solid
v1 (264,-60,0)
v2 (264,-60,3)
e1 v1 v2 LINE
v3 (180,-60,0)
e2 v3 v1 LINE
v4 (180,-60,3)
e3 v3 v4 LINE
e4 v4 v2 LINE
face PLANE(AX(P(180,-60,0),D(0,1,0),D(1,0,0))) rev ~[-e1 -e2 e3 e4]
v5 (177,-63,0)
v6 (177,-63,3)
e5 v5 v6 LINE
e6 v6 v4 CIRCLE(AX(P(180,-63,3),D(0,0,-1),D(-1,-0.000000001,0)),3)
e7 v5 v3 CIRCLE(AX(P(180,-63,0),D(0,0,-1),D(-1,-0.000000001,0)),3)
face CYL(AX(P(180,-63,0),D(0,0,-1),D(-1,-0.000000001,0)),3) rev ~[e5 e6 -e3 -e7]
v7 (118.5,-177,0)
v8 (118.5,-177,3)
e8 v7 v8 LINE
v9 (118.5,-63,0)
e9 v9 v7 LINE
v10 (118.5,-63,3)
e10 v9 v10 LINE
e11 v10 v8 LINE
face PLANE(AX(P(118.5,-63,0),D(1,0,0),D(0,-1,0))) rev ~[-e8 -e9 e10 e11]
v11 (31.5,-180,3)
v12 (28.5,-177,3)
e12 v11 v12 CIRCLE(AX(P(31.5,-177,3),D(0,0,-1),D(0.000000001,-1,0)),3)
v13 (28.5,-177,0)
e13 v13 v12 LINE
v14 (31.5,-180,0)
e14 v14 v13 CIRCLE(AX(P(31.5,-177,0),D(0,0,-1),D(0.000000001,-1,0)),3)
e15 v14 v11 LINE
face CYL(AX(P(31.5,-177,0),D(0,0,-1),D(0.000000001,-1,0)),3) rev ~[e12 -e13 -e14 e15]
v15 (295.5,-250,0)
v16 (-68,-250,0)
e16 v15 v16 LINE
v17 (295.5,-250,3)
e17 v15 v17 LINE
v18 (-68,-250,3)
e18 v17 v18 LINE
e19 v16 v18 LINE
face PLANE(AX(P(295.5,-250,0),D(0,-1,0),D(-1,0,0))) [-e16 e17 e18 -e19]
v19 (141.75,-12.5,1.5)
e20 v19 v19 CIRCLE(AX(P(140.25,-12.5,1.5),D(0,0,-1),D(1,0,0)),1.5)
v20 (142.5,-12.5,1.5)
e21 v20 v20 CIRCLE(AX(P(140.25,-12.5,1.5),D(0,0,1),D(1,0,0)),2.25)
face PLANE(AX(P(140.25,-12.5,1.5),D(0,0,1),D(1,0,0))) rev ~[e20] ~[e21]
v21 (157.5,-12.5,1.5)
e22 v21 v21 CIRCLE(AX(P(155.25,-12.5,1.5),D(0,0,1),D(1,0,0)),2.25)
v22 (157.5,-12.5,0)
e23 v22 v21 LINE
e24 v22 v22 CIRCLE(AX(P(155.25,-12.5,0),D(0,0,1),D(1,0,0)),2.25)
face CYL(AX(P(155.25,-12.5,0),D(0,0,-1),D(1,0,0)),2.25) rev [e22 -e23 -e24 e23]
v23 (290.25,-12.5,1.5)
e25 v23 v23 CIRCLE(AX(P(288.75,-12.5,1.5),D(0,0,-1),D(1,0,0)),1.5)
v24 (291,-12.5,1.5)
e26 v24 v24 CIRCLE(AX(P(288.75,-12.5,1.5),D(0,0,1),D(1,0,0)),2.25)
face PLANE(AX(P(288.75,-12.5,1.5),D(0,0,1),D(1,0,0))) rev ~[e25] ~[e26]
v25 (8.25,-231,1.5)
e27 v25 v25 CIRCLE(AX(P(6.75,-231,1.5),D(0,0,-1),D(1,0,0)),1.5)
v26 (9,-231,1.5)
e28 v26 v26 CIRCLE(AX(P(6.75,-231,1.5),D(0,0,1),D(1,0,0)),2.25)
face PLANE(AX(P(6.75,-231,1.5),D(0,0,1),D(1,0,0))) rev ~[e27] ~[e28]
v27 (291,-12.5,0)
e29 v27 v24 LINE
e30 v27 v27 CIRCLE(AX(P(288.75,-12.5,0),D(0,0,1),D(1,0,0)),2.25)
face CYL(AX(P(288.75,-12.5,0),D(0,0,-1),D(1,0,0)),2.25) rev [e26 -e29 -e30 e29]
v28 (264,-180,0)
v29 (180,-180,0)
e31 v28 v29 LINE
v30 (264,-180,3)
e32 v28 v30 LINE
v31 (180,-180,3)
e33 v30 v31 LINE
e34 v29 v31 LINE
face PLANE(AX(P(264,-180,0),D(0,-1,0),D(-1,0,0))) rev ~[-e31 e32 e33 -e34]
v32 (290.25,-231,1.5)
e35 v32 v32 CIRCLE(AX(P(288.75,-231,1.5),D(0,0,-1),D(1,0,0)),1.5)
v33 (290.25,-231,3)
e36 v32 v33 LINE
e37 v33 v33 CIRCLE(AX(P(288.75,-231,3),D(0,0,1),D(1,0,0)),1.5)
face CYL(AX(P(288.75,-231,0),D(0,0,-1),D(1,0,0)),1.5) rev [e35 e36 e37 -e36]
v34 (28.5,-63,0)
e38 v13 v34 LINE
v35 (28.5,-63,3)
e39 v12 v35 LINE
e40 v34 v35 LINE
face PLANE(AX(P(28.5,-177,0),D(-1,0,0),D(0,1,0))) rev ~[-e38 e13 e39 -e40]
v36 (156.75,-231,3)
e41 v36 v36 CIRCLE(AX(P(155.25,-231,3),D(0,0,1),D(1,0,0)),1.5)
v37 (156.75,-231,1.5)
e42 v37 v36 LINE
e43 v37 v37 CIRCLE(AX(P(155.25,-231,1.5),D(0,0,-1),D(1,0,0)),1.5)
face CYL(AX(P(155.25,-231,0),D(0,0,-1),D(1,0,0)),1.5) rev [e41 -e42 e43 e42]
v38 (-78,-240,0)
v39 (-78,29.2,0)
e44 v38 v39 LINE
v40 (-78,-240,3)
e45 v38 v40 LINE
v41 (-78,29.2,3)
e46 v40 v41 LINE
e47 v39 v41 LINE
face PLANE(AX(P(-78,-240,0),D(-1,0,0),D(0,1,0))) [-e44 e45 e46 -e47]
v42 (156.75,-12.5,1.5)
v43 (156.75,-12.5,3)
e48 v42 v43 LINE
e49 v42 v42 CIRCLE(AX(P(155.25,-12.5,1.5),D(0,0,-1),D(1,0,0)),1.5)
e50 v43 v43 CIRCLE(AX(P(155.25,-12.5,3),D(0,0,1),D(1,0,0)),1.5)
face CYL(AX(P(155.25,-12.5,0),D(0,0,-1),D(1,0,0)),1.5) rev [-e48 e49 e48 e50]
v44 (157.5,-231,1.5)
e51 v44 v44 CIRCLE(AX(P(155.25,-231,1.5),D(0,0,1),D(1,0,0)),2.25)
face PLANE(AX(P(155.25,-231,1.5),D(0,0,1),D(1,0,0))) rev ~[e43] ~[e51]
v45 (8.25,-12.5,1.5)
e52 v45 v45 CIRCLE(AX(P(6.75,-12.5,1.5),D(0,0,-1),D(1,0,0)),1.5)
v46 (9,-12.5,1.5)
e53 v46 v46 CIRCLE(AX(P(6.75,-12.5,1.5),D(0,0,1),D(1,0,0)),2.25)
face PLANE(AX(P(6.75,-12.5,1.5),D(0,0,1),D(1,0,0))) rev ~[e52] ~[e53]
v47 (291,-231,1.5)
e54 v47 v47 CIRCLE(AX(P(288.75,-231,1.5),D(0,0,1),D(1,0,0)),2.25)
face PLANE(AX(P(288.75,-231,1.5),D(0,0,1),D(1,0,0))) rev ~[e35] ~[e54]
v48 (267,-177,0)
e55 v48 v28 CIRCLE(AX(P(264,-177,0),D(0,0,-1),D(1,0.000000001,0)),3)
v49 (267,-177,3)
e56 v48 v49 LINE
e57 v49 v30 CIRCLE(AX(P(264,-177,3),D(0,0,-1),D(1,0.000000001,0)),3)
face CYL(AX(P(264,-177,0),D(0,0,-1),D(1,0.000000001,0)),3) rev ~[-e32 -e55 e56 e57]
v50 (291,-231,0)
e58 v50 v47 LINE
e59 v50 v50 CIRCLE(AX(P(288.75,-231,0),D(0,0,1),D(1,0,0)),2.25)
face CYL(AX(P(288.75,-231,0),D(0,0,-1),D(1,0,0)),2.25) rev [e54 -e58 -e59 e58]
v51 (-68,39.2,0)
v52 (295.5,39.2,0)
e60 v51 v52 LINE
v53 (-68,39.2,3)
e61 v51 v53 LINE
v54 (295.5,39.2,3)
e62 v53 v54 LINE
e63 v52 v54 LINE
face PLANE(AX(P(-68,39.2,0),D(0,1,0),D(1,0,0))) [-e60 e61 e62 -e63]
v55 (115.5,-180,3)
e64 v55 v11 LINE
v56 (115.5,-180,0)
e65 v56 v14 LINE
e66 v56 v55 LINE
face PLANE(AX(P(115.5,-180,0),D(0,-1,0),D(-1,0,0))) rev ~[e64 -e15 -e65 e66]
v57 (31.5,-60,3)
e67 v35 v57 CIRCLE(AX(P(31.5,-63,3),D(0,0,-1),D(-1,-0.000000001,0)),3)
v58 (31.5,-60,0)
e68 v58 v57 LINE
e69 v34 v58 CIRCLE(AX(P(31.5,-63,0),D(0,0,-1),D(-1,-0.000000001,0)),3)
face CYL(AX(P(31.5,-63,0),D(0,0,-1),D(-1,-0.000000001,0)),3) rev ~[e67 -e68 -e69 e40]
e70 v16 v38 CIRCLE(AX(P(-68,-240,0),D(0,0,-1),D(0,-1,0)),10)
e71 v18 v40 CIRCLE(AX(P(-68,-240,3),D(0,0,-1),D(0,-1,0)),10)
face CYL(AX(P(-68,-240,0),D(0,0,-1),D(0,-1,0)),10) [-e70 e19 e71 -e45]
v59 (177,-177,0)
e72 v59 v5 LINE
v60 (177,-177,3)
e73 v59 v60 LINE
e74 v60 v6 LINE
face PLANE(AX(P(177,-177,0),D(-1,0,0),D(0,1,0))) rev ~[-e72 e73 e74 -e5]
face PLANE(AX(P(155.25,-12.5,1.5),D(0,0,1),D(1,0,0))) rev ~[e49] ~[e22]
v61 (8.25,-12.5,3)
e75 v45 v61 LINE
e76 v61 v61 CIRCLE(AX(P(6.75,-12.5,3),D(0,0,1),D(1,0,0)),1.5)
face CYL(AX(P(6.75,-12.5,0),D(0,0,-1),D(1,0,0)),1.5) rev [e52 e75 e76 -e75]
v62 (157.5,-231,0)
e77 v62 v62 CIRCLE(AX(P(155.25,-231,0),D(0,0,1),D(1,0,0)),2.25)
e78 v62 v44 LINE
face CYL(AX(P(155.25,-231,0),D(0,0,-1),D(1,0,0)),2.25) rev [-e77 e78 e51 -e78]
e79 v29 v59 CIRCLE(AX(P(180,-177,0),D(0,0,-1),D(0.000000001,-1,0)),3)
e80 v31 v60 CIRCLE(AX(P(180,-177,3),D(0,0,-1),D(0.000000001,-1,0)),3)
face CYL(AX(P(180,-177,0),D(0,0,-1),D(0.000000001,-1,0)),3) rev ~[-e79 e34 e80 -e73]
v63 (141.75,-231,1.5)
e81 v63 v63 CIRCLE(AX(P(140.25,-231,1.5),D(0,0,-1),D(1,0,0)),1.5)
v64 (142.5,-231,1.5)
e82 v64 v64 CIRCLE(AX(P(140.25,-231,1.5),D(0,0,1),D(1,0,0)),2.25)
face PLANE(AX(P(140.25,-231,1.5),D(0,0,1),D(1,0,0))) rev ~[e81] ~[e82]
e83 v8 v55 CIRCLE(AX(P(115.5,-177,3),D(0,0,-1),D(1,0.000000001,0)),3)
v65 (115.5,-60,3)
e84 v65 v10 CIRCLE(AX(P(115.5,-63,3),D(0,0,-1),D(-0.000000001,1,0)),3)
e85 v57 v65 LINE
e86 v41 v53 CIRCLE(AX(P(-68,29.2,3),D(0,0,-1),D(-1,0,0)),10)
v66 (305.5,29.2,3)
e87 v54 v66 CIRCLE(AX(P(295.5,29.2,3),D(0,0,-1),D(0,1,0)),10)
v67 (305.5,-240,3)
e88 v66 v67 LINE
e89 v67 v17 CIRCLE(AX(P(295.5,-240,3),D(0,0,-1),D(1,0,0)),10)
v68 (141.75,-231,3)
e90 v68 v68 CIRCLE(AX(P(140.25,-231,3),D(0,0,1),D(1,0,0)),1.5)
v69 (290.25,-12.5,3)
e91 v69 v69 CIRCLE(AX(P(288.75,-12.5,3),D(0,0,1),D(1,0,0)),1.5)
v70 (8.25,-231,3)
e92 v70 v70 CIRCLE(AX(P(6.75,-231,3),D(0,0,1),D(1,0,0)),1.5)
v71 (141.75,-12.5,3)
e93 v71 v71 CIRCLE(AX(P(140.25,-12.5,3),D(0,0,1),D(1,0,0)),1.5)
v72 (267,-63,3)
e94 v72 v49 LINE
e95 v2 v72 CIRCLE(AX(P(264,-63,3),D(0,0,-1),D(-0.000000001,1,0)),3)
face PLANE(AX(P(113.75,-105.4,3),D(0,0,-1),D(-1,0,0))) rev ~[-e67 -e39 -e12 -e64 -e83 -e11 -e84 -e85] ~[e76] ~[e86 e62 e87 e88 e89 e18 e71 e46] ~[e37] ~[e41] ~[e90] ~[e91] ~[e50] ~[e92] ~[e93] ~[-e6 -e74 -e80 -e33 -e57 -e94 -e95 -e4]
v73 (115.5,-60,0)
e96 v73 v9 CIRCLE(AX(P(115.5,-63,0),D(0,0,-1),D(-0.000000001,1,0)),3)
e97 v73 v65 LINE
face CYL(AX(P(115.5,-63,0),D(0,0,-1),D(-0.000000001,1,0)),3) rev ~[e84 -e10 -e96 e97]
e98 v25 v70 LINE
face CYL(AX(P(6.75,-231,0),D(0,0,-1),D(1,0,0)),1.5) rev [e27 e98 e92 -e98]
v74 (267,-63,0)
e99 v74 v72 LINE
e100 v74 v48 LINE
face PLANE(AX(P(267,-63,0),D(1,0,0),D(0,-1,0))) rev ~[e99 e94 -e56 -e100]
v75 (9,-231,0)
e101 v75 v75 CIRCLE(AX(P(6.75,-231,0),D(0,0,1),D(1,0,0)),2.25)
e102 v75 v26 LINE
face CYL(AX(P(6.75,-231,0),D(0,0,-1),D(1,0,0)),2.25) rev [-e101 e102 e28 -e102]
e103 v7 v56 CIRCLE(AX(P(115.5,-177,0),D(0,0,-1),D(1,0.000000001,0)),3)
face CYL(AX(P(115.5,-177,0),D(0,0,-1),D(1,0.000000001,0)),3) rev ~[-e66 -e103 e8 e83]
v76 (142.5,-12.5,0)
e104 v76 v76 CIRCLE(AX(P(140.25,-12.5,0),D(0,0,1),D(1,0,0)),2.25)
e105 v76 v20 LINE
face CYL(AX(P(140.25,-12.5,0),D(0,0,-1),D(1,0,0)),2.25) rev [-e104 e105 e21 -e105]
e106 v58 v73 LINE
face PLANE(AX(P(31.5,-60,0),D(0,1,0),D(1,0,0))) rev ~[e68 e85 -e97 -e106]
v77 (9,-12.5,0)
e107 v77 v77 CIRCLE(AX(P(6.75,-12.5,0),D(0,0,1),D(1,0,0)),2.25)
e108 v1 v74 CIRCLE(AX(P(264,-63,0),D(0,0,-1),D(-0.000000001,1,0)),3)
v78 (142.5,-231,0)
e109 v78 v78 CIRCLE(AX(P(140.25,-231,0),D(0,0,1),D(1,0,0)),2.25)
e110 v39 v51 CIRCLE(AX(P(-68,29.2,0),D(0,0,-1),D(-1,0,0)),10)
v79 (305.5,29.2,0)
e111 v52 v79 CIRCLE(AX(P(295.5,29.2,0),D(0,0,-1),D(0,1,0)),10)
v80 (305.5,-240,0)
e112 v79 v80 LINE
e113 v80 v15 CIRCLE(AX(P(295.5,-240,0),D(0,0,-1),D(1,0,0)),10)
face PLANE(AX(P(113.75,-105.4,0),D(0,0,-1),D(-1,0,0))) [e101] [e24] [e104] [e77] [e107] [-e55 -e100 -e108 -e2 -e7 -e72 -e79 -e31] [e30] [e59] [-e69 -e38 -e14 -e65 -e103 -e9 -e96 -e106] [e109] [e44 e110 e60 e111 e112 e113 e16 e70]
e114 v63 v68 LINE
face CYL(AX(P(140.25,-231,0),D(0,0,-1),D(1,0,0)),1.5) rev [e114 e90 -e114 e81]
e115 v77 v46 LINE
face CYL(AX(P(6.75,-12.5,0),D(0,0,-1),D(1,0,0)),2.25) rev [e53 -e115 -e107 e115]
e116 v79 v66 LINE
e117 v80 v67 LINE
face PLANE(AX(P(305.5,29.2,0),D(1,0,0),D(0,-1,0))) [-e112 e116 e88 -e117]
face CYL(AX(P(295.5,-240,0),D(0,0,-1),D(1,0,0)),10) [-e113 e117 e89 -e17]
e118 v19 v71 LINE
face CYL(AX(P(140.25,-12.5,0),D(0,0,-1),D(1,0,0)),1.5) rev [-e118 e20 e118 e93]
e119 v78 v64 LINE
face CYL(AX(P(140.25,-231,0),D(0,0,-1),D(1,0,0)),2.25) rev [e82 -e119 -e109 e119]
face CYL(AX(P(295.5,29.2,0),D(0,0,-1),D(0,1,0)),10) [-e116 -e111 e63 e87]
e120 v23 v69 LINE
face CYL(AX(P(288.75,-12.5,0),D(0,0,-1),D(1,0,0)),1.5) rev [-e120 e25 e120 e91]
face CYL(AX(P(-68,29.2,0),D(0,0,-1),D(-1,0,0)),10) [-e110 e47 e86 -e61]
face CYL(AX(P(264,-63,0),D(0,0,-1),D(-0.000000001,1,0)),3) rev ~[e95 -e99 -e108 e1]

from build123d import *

# Parameters (mm, degrees)
EXTRUDE_1_DEPTH     = 3
SKETCH_1_3_R        = 2.25
CUT_EXTRUDE_1_DEPTH = 1.5
SKETCH_1_4_R        = 1.5
CUT_EXTRUDE_2_DEPTH = 3


with BuildPart() as part:
    # 草图1 → 凸台-拉伸1 (new body)
    with BuildSketch(Plane.XY):
        with BuildLine():
            Line((-68, 39.2), (295.5, 39.2))
            ThreePointArc((295.5, 39.2), (302.571067812, 36.271067812), (305.5, 29.2))
            Line((305.5, 29.2), (305.5, -240))
            ThreePointArc((305.5, -240), (302.571067812, -247.071067812), (295.5, -250))
            Line((295.5, -250), (-68, -250))
            ThreePointArc((-68, -250), (-75.071067812, -247.071067812), (-78, -240))
            Line((-78, -240), (-78, 29.2))
            ThreePointArc((-78, 29.2), (-75.071067812, 36.271067812), (-68, 39.2))
        make_face()
    extrude(amount=EXTRUDE_1_DEPTH)

    # 草图1<3> → 切除-拉伸1 (cut)
    with BuildSketch(Plane.XY):
        with Locations((6.75, -12.5)):
            Circle(SKETCH_1_3_R)
        with Locations((140.25, -12.5)):
            Circle(SKETCH_1_3_R)
        with Locations((140.25, -231)):
            Circle(SKETCH_1_3_R)
        with Locations((6.75, -231)):
            Circle(SKETCH_1_3_R)
        with Locations((155.25, -12.5)):
            Circle(SKETCH_1_3_R)
        with Locations((288.75, -12.5)):
            Circle(SKETCH_1_3_R)
        with Locations((288.75, -231)):
            Circle(SKETCH_1_3_R)
        with Locations((155.25, -231)):
            Circle(SKETCH_1_3_R)
    extrude(amount=CUT_EXTRUDE_1_DEPTH, mode=Mode.SUBTRACT)

    # 草图1<4> → 切除-拉伸2 (cut)
    with BuildSketch(Plane.XY):
        with Locations((6.75, -12.5)):
            Circle(SKETCH_1_4_R)
        with Locations((140.25, -12.5)):
            Circle(SKETCH_1_4_R)
        with Locations((140.25, -231)):
            Circle(SKETCH_1_4_R)
        with Locations((6.75, -231)):
            Circle(SKETCH_1_4_R)
        with Locations((155.25, -12.5)):
            Circle(SKETCH_1_4_R)
        with Locations((288.75, -12.5)):
            Circle(SKETCH_1_4_R)
        with Locations((288.75, -231)):
            Circle(SKETCH_1_4_R)
        with Locations((155.25, -231)):
            Circle(SKETCH_1_4_R)
        with BuildLine():
            Line((31.5, -60), (115.5, -60))
            ThreePointArc((115.5, -60), (117.621320344, -60.878679656), (118.5, -63))
            Line((118.5, -63), (118.5, -177))
            ThreePointArc((118.5, -177), (117.621320344, -179.121320344), (115.5, -180))
            Line((115.5, -180), (31.5, -180))
            ThreePointArc((31.5, -180), (29.378679656, -179.121320344), (28.5, -177))
            Line((28.5, -177), (28.5, -63))
            ThreePointArc((28.5, -63), (29.378679656, -60.878679656), (31.5, -60))
        make_face()
        with BuildLine():
            Line((180, -60), (264, -60))
            ThreePointArc((264, -60), (266.121320344, -60.878679656), (267, -63))
            Line((267, -63), (267, -177))
            ThreePointArc((267, -177), (266.121320344, -179.121320344), (264, -180))
            Line((264, -180), (180, -180))
            ThreePointArc((180, -180), (177.878679656, -179.121320344), (177, -177))
            Line((177, -177), (177, -63))
            ThreePointArc((177, -63), (177.878679656, -60.878679656), (180, -60))
        make_face()
    extrude(amount=CUT_EXTRUDE_2_DEPTH, mode=Mode.SUBTRACT)


solid = part.part
